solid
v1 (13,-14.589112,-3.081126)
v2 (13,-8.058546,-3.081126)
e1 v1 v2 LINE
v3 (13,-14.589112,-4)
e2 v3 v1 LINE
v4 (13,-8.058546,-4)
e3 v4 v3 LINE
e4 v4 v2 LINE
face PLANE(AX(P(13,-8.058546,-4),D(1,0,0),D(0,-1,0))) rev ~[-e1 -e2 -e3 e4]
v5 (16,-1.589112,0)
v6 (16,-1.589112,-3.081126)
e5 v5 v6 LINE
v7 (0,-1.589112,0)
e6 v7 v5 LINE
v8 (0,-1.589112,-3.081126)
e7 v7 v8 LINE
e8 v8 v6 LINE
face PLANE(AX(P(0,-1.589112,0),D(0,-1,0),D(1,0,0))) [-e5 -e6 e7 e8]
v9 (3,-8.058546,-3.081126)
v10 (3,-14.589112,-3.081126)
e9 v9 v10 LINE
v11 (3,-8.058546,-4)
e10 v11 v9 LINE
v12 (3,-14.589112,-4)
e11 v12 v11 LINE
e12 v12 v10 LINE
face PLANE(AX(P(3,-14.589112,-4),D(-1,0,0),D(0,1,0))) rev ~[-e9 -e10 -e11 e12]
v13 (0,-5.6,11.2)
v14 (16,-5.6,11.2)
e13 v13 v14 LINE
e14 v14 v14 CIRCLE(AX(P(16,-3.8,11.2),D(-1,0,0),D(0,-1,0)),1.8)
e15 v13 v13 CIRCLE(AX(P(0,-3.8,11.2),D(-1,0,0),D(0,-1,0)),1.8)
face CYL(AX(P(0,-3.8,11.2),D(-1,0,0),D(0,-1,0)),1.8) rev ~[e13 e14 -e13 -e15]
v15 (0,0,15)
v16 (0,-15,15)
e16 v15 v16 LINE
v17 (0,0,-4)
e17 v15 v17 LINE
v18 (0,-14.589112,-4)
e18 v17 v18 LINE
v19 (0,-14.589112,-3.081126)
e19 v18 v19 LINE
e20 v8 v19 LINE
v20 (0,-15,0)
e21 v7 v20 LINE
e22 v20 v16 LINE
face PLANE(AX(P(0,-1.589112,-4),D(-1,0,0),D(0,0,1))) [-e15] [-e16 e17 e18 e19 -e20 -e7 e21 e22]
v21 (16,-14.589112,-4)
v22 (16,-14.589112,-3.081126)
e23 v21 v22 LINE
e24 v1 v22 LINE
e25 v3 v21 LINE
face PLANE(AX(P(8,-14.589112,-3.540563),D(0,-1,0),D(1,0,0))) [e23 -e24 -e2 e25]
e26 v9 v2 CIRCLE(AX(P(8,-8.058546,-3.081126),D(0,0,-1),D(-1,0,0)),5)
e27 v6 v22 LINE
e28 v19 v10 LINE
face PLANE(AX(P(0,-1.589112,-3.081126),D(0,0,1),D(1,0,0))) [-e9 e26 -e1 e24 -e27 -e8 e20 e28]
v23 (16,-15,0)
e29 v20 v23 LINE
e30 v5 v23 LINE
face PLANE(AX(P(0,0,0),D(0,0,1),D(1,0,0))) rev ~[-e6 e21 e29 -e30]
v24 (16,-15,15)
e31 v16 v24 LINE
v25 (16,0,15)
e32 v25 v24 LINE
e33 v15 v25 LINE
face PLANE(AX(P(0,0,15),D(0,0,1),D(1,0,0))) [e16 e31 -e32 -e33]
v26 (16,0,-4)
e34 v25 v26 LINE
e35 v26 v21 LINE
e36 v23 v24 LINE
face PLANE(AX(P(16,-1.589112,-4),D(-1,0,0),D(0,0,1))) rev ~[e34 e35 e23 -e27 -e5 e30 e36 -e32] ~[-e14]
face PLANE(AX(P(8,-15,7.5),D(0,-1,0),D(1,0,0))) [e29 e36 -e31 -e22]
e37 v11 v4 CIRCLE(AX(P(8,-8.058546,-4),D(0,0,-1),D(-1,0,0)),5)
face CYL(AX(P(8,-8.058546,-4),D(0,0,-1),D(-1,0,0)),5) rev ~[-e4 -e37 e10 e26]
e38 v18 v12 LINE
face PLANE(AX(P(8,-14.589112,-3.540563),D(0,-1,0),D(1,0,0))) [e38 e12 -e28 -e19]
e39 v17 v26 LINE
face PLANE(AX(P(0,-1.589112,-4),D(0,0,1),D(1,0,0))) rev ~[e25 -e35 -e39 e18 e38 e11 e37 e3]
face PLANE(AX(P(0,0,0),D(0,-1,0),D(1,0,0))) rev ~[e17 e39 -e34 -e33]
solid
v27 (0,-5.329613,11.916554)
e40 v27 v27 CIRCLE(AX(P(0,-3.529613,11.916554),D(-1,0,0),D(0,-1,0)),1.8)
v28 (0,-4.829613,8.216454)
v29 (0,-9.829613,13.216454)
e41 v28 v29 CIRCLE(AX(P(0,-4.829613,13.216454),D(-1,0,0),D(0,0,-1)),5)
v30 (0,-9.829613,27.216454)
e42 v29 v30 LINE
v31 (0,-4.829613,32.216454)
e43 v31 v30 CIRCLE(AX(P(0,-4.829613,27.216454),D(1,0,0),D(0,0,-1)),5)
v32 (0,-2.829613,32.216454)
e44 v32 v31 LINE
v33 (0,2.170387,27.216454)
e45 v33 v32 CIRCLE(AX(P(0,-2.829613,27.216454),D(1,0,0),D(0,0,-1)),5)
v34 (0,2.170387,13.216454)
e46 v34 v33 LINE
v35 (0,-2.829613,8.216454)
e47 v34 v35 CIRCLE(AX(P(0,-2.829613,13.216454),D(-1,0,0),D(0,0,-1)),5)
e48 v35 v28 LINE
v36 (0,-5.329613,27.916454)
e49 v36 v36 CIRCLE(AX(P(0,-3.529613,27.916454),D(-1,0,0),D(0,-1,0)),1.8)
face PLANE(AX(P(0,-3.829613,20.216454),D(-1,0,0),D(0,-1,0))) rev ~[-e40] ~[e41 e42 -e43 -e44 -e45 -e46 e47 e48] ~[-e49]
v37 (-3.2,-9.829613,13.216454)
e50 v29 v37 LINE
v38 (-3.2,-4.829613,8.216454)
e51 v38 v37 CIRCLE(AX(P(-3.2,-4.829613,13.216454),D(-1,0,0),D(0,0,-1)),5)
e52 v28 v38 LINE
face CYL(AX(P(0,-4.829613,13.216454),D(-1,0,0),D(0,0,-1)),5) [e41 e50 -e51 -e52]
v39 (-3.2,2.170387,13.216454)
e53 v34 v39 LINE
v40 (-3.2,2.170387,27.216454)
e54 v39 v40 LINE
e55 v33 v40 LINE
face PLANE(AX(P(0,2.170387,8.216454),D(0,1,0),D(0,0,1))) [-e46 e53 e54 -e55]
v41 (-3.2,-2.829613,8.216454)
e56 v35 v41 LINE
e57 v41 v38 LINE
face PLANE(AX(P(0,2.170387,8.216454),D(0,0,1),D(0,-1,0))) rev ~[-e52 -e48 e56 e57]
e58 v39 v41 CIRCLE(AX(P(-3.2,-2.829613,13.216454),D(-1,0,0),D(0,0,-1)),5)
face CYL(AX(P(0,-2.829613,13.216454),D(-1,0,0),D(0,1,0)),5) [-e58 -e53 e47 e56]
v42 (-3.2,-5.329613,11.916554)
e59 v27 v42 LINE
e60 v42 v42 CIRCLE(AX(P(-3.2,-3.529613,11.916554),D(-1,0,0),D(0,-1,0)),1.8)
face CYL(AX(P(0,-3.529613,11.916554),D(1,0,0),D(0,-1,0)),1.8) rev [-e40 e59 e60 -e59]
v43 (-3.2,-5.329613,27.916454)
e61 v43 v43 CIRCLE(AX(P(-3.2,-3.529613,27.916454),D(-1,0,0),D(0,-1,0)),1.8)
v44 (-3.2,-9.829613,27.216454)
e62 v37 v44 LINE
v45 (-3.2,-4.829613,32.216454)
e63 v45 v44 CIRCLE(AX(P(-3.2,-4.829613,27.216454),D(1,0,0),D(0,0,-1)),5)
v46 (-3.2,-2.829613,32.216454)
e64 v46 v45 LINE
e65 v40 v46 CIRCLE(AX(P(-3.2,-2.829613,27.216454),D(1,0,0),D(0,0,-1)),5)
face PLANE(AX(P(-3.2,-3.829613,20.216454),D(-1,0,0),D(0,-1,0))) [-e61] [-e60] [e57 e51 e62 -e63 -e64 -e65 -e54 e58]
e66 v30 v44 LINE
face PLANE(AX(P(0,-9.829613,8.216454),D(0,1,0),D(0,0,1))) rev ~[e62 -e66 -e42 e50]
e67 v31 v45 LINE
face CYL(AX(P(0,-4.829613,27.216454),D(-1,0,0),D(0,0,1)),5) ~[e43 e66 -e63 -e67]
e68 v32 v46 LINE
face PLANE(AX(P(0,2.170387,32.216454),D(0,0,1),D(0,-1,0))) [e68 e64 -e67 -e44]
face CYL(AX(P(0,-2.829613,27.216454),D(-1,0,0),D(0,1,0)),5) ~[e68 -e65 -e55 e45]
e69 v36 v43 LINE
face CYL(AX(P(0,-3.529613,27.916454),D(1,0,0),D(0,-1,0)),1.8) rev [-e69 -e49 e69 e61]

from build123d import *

# Parameters (mm, degrees)
F0_W      = 16
F0_H      = 15
F1_DEPTH  = 15
F2_R      = 1.8
F3_DEPTH  = 25
F4_W      = 12
F4_H      = 24
F4_R      = 1.8
F5_DEPTH  = 3.2
F6_R      = 5
F7_W      = 16
F7_H      = 1.589112
F8_DEPTH  = 4
F9_W      = 16
F9_H      = 0.918874
F10_DEPTH = 13
F12_DEPTH = 2


with BuildPart() as f1:
    # F0 (on Front) → F1 (new body)
    with BuildSketch(Plane.XZ):
        with Locations((8, 7.5)):
            Rectangle(F0_W, F0_H)
    extrude(amount=F1_DEPTH)

    # F2 (on face) → F3 (cut)
    with BuildSketch(Plane(origin=(0, 0, 0), x_dir=(0, -1, 0), z_dir=(-1, 0, 0))):
        with Locations((3.8, 11.2)):
            Circle(F2_R)
    extrude(amount=-F3_DEPTH, mode=Mode.SUBTRACT)

    # F7 (on face) → F8 (join)
    with BuildSketch(Plane(origin=(0, 0, 0), x_dir=(1, 0, 0), z_dir=(0, 0, -1))):
        with Locations((8, 0.794556)):
            Rectangle(F7_W, F7_H)
    extrude(amount=F8_DEPTH)

    # F9 (on face) → F10 (join)
    with BuildSketch(Plane.XZ.offset(1.589112)):
        with Locations((8, -3.540563)):
            Rectangle(F9_W, F9_H)
    extrude(amount=F10_DEPTH)

    # F11 (on face) → F12 (cut)
    with BuildSketch(Plane(origin=(0, 0, -4), x_dir=(1, 0, 0), z_dir=(0, 0, -1))):
        with BuildLine():
            Line((13, 14.589112), (3, 14.589112))
            Line((3, 14.589112), (3, 8.058546))
            ThreePointArc((3, 8.058546), (8, 3.058546), (13, 8.058546))
            Line((13, 8.058546), (13, 14.589112))
        make_face()
    extrude(amount=-F12_DEPTH, mode=Mode.SUBTRACT)


with BuildPart() as f5:
    # F4 (on face) → F5 (new body)
    with BuildSketch(Plane(origin=(0, 0, 0), x_dir=(0, -1, 0), z_dir=(-1, 0, 0))):
        with Locations((3.829613, 20.216454)):
            Rectangle(F4_W, F4_H)
        with Locations((3.529613, 11.916554)):
            Circle(F4_R, mode=Mode.SUBTRACT)
        with Locations((3.529613, 27.916454)):
            Circle(F4_R, mode=Mode.SUBTRACT)
    extrude(amount=F5_DEPTH)

    # F6
    f6_edges = [f5.edges().sort_by_distance(p)[0] for p in [
        (-1.6, 2.170387, 32.216454),
        (-1.6, -9.829613, 32.216454),
        (-1.6, -9.829613, 8.216454),
        (-1.6, 2.170387, 8.216454),
    ]]
    fillet(f6_edges, radius=F6_R)


solid = Compound([f1.part, f5.part])
